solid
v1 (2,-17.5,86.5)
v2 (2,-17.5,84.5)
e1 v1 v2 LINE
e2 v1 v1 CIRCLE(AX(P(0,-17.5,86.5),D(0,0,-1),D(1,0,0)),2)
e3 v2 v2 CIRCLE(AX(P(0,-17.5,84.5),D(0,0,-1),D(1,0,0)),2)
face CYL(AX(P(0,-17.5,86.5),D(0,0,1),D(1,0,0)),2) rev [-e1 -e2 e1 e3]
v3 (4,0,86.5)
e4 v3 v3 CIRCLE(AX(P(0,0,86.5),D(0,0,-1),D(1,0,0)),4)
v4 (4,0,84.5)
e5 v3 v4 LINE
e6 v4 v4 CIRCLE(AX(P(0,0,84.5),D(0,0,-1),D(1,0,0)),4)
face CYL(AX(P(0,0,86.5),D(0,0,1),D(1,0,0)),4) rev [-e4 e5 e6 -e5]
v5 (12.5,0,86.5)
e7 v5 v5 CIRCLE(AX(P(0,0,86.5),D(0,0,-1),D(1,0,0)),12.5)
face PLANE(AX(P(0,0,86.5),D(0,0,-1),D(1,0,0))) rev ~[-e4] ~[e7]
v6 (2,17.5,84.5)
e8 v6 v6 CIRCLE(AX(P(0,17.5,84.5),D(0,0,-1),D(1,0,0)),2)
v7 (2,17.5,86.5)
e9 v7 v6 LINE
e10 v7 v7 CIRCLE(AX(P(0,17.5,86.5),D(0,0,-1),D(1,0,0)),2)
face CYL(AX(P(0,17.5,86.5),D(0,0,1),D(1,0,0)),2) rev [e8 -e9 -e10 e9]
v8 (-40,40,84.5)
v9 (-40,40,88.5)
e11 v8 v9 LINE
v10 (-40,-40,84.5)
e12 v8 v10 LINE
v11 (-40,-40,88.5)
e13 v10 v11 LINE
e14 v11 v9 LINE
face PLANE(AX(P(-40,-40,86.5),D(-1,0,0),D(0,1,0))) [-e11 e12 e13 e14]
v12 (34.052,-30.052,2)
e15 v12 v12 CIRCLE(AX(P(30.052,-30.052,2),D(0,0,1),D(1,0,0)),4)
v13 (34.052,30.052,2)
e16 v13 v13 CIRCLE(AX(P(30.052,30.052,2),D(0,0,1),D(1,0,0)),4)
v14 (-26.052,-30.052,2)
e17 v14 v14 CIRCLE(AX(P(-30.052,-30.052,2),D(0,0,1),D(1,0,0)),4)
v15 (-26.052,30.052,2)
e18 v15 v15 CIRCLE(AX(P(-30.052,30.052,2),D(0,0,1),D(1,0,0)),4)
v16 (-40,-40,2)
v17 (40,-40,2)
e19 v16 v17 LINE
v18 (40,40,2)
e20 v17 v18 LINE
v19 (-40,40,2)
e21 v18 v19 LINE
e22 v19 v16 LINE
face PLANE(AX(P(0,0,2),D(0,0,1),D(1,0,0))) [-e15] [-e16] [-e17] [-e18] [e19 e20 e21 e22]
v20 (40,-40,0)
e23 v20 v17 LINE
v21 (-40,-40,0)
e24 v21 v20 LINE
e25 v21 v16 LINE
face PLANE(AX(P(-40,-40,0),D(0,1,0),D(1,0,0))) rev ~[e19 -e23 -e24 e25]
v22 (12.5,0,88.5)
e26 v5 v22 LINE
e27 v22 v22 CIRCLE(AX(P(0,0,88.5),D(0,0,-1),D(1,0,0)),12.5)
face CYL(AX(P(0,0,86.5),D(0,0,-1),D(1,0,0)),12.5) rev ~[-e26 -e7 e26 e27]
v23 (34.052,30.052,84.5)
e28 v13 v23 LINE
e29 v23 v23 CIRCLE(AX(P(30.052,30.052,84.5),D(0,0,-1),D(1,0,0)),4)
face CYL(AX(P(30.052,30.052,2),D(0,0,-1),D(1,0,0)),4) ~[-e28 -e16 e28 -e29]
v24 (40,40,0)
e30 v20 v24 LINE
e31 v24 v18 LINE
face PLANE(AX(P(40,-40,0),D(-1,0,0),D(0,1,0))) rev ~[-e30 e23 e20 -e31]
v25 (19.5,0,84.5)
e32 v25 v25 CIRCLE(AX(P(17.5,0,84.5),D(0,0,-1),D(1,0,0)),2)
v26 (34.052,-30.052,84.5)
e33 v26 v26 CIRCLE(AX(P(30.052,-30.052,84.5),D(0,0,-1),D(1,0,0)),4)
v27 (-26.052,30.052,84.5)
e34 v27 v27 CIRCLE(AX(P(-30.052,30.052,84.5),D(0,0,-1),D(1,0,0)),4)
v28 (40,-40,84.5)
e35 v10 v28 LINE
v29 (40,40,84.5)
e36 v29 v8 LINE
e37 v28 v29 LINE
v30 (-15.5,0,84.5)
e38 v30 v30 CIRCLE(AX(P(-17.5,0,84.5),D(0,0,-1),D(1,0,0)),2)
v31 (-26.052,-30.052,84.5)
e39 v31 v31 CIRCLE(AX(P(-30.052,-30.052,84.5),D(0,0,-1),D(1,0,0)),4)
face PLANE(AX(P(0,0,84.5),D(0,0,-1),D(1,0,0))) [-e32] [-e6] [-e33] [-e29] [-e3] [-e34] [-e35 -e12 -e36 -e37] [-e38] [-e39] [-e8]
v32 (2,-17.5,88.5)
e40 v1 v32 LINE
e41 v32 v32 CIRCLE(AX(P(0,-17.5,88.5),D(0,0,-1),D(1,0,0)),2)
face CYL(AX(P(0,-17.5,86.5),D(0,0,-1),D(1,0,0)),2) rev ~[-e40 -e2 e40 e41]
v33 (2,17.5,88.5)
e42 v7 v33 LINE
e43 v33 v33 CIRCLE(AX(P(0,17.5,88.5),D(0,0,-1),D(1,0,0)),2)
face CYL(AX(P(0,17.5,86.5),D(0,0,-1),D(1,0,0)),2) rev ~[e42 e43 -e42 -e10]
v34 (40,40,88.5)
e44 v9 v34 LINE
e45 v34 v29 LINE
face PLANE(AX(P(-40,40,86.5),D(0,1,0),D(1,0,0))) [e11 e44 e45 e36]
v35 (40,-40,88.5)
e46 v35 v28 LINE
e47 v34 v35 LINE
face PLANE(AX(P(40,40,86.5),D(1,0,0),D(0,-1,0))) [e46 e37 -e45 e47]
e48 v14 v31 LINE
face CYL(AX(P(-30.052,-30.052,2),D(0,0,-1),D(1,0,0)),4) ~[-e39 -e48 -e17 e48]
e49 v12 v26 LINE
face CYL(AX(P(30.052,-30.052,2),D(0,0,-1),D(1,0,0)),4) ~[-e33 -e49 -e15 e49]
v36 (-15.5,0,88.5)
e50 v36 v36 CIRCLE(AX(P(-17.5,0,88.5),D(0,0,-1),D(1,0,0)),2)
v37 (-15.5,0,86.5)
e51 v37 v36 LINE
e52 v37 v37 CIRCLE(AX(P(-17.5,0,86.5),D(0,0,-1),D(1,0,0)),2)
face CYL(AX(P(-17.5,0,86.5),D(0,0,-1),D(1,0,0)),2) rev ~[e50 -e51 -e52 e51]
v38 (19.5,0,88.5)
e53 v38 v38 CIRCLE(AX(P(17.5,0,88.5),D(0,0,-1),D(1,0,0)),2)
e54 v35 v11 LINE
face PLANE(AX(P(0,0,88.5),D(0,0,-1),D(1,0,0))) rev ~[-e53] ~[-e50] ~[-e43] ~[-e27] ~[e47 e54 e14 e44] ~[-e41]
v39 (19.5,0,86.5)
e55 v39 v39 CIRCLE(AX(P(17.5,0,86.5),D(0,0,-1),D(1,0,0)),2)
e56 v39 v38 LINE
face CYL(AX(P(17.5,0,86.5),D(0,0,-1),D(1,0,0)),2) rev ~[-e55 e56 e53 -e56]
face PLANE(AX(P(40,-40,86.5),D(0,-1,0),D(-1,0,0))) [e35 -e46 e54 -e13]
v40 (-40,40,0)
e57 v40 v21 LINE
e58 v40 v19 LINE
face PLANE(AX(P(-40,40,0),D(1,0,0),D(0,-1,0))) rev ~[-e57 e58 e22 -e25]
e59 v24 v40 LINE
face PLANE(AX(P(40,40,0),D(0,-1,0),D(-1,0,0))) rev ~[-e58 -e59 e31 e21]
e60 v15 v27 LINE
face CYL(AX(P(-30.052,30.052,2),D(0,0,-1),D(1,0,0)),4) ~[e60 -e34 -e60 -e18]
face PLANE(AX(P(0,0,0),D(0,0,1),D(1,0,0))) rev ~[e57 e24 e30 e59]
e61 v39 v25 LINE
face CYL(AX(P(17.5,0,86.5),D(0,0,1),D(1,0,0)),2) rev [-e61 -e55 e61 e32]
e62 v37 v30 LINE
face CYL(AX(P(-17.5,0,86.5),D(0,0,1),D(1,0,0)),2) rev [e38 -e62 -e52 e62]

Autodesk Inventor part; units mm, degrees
ref_plane "YZ Plane" through (0, 0, 0) normal (1, 0, 0) x (0, 1, 0)
ref_plane "XZ Plane" through (0, 0, 0) normal (0, 1, 0) x (-1, 0, 0)
ref_plane "Work Plane1" through (0, 0, 0) normal (0, 0, 1) x (1, 0, 0)
sketch "Sketch1" plane through (0, 0, 0) normal (0, 0, 1) x (1, 0, 0)
  line L0 (-40, -40) -> (40, -40)
  line L1 (40, -40) -> (40, 40)
  line L2 (40, 40) -> (-40, 40)
  line L3 (-40, 40) -> (-40, -40)
  line L4 (-40, -40) -> (40, 40) construction
  line L5 (40, -40) -> (-40, 40) construction
  point P0 (0, 0)
  dimension "d0" = 80
extrude "Extrusion1" add sketch "Sketch1" along normal blind 2
ref_plane "Work Plane2" through (-14.1414, -14.1414, 86.5) normal (0, 0, -1) x (0, 1, 0)
sketch "Sketch2" plane through (0, 0, 2) normal (0, 0, 1) x (1, 0, 0)
  circle A0 centre (0, 0) radius 42.5 construction
  circle A1 centre (30.052, 30.052) radius 4
  line L0 (0, 0) -> (30.052, 30.052) construction
  line L1 (-40, -40) -> (40, -40) projected
  circle A2 centre (-30.052, 30.052) radius 4
  circle A3 centre (-30.052, -30.052) radius 4
  circle A4 centre (30.052, -30.052) radius 4
  dimension "d3" = 85
  dimension "d4" = 45
  dimension "d5" = 8
  dimension "d8" = 360
extrude "Extrusion2" add sketch "Sketch2" along normal up to surface (84.5 mm away)
ref_plane "Work Plane3" through (0, 0, 86.5) normal (0, 0, -1) x (1, 0, 0)
sketch "Sketch3" plane through (0, 0, 86.5) normal (0, 0, -1) x (1, 0, 0)
  line L0 (40, -40) -> (-40, -40) projected
  circle A0 centre (30.052, -30.052) radius 4 projected
  circle A1 centre (-30.052, 30.052) radius 4 projected
  circle A2 centre (30.052, 30.052) radius 4 projected
  circle A3 centre (-30.052, -30.052) radius 4 projected
  line L1 (40, -40) -> (-40, -40) projected
  line L2 (-40, -40) -> (-40, 40) projected
  line L3 (-40, 40) -> (40, 40) projected
  line L4 (40, 40) -> (40, -40) projected
  circle A4 centre (0, 0) radius 12.5 projected
  circle A5 centre (-17.5, 0) radius 2 projected
  circle A6 centre (0, 17.5) radius 2 projected
  circle A7 centre (0, -17.5) radius 2 projected
  circle A8 centre (17.5, 0) radius 2 projected
  circle A9 centre (0, 0) radius 20.85 projected
  circle A10 centre (0, 0) radius 4 projected
  point P0 (0, 0)
  point P1 (40, -40)
  point P2 (-40, -40)
extrude "Extrusion3" add sketch "Sketch3" along normal blind 2 contours L0 L2 L3 L4 | A4 | A9
sketch "Sketch4" plane through (0, 0, 86.5) normal (0, 0, -1) x (1, 0, 0)
  line L0 (40, -40) -> (40, 40) projected
  line L1 (-40, -40) -> (40, -40) projected
  line L2 (-40, 40) -> (-40, -40) projected
  line L3 (40, 40) -> (-40, 40) projected
  circle A0 centre (0, 0) radius 12.5 projected
  line L4 (40, -40) -> (40, 40) projected
  line L5 (-40, -40) -> (40, -40) projected
  line L6 (-40, 40) -> (-40, -40) projected
  line L7 (40, 40) -> (-40, 40) projected
  circle A1 centre (0, 0) radius 4 projected
  circle A2 centre (0, 17.5) radius 2 projected
  circle A3 centre (0, -17.5) radius 2 projected
  circle A4 centre (-17.5, 0) radius 2 projected
  circle A5 centre (17.5, 0) radius 2 projected
  point P0 (0, 0)
extrude "Extrusion4" add sketch "Sketch4" against normal blind 2 contours L1 L2 L3 L0
properties part number "motor to gearbox flange"
